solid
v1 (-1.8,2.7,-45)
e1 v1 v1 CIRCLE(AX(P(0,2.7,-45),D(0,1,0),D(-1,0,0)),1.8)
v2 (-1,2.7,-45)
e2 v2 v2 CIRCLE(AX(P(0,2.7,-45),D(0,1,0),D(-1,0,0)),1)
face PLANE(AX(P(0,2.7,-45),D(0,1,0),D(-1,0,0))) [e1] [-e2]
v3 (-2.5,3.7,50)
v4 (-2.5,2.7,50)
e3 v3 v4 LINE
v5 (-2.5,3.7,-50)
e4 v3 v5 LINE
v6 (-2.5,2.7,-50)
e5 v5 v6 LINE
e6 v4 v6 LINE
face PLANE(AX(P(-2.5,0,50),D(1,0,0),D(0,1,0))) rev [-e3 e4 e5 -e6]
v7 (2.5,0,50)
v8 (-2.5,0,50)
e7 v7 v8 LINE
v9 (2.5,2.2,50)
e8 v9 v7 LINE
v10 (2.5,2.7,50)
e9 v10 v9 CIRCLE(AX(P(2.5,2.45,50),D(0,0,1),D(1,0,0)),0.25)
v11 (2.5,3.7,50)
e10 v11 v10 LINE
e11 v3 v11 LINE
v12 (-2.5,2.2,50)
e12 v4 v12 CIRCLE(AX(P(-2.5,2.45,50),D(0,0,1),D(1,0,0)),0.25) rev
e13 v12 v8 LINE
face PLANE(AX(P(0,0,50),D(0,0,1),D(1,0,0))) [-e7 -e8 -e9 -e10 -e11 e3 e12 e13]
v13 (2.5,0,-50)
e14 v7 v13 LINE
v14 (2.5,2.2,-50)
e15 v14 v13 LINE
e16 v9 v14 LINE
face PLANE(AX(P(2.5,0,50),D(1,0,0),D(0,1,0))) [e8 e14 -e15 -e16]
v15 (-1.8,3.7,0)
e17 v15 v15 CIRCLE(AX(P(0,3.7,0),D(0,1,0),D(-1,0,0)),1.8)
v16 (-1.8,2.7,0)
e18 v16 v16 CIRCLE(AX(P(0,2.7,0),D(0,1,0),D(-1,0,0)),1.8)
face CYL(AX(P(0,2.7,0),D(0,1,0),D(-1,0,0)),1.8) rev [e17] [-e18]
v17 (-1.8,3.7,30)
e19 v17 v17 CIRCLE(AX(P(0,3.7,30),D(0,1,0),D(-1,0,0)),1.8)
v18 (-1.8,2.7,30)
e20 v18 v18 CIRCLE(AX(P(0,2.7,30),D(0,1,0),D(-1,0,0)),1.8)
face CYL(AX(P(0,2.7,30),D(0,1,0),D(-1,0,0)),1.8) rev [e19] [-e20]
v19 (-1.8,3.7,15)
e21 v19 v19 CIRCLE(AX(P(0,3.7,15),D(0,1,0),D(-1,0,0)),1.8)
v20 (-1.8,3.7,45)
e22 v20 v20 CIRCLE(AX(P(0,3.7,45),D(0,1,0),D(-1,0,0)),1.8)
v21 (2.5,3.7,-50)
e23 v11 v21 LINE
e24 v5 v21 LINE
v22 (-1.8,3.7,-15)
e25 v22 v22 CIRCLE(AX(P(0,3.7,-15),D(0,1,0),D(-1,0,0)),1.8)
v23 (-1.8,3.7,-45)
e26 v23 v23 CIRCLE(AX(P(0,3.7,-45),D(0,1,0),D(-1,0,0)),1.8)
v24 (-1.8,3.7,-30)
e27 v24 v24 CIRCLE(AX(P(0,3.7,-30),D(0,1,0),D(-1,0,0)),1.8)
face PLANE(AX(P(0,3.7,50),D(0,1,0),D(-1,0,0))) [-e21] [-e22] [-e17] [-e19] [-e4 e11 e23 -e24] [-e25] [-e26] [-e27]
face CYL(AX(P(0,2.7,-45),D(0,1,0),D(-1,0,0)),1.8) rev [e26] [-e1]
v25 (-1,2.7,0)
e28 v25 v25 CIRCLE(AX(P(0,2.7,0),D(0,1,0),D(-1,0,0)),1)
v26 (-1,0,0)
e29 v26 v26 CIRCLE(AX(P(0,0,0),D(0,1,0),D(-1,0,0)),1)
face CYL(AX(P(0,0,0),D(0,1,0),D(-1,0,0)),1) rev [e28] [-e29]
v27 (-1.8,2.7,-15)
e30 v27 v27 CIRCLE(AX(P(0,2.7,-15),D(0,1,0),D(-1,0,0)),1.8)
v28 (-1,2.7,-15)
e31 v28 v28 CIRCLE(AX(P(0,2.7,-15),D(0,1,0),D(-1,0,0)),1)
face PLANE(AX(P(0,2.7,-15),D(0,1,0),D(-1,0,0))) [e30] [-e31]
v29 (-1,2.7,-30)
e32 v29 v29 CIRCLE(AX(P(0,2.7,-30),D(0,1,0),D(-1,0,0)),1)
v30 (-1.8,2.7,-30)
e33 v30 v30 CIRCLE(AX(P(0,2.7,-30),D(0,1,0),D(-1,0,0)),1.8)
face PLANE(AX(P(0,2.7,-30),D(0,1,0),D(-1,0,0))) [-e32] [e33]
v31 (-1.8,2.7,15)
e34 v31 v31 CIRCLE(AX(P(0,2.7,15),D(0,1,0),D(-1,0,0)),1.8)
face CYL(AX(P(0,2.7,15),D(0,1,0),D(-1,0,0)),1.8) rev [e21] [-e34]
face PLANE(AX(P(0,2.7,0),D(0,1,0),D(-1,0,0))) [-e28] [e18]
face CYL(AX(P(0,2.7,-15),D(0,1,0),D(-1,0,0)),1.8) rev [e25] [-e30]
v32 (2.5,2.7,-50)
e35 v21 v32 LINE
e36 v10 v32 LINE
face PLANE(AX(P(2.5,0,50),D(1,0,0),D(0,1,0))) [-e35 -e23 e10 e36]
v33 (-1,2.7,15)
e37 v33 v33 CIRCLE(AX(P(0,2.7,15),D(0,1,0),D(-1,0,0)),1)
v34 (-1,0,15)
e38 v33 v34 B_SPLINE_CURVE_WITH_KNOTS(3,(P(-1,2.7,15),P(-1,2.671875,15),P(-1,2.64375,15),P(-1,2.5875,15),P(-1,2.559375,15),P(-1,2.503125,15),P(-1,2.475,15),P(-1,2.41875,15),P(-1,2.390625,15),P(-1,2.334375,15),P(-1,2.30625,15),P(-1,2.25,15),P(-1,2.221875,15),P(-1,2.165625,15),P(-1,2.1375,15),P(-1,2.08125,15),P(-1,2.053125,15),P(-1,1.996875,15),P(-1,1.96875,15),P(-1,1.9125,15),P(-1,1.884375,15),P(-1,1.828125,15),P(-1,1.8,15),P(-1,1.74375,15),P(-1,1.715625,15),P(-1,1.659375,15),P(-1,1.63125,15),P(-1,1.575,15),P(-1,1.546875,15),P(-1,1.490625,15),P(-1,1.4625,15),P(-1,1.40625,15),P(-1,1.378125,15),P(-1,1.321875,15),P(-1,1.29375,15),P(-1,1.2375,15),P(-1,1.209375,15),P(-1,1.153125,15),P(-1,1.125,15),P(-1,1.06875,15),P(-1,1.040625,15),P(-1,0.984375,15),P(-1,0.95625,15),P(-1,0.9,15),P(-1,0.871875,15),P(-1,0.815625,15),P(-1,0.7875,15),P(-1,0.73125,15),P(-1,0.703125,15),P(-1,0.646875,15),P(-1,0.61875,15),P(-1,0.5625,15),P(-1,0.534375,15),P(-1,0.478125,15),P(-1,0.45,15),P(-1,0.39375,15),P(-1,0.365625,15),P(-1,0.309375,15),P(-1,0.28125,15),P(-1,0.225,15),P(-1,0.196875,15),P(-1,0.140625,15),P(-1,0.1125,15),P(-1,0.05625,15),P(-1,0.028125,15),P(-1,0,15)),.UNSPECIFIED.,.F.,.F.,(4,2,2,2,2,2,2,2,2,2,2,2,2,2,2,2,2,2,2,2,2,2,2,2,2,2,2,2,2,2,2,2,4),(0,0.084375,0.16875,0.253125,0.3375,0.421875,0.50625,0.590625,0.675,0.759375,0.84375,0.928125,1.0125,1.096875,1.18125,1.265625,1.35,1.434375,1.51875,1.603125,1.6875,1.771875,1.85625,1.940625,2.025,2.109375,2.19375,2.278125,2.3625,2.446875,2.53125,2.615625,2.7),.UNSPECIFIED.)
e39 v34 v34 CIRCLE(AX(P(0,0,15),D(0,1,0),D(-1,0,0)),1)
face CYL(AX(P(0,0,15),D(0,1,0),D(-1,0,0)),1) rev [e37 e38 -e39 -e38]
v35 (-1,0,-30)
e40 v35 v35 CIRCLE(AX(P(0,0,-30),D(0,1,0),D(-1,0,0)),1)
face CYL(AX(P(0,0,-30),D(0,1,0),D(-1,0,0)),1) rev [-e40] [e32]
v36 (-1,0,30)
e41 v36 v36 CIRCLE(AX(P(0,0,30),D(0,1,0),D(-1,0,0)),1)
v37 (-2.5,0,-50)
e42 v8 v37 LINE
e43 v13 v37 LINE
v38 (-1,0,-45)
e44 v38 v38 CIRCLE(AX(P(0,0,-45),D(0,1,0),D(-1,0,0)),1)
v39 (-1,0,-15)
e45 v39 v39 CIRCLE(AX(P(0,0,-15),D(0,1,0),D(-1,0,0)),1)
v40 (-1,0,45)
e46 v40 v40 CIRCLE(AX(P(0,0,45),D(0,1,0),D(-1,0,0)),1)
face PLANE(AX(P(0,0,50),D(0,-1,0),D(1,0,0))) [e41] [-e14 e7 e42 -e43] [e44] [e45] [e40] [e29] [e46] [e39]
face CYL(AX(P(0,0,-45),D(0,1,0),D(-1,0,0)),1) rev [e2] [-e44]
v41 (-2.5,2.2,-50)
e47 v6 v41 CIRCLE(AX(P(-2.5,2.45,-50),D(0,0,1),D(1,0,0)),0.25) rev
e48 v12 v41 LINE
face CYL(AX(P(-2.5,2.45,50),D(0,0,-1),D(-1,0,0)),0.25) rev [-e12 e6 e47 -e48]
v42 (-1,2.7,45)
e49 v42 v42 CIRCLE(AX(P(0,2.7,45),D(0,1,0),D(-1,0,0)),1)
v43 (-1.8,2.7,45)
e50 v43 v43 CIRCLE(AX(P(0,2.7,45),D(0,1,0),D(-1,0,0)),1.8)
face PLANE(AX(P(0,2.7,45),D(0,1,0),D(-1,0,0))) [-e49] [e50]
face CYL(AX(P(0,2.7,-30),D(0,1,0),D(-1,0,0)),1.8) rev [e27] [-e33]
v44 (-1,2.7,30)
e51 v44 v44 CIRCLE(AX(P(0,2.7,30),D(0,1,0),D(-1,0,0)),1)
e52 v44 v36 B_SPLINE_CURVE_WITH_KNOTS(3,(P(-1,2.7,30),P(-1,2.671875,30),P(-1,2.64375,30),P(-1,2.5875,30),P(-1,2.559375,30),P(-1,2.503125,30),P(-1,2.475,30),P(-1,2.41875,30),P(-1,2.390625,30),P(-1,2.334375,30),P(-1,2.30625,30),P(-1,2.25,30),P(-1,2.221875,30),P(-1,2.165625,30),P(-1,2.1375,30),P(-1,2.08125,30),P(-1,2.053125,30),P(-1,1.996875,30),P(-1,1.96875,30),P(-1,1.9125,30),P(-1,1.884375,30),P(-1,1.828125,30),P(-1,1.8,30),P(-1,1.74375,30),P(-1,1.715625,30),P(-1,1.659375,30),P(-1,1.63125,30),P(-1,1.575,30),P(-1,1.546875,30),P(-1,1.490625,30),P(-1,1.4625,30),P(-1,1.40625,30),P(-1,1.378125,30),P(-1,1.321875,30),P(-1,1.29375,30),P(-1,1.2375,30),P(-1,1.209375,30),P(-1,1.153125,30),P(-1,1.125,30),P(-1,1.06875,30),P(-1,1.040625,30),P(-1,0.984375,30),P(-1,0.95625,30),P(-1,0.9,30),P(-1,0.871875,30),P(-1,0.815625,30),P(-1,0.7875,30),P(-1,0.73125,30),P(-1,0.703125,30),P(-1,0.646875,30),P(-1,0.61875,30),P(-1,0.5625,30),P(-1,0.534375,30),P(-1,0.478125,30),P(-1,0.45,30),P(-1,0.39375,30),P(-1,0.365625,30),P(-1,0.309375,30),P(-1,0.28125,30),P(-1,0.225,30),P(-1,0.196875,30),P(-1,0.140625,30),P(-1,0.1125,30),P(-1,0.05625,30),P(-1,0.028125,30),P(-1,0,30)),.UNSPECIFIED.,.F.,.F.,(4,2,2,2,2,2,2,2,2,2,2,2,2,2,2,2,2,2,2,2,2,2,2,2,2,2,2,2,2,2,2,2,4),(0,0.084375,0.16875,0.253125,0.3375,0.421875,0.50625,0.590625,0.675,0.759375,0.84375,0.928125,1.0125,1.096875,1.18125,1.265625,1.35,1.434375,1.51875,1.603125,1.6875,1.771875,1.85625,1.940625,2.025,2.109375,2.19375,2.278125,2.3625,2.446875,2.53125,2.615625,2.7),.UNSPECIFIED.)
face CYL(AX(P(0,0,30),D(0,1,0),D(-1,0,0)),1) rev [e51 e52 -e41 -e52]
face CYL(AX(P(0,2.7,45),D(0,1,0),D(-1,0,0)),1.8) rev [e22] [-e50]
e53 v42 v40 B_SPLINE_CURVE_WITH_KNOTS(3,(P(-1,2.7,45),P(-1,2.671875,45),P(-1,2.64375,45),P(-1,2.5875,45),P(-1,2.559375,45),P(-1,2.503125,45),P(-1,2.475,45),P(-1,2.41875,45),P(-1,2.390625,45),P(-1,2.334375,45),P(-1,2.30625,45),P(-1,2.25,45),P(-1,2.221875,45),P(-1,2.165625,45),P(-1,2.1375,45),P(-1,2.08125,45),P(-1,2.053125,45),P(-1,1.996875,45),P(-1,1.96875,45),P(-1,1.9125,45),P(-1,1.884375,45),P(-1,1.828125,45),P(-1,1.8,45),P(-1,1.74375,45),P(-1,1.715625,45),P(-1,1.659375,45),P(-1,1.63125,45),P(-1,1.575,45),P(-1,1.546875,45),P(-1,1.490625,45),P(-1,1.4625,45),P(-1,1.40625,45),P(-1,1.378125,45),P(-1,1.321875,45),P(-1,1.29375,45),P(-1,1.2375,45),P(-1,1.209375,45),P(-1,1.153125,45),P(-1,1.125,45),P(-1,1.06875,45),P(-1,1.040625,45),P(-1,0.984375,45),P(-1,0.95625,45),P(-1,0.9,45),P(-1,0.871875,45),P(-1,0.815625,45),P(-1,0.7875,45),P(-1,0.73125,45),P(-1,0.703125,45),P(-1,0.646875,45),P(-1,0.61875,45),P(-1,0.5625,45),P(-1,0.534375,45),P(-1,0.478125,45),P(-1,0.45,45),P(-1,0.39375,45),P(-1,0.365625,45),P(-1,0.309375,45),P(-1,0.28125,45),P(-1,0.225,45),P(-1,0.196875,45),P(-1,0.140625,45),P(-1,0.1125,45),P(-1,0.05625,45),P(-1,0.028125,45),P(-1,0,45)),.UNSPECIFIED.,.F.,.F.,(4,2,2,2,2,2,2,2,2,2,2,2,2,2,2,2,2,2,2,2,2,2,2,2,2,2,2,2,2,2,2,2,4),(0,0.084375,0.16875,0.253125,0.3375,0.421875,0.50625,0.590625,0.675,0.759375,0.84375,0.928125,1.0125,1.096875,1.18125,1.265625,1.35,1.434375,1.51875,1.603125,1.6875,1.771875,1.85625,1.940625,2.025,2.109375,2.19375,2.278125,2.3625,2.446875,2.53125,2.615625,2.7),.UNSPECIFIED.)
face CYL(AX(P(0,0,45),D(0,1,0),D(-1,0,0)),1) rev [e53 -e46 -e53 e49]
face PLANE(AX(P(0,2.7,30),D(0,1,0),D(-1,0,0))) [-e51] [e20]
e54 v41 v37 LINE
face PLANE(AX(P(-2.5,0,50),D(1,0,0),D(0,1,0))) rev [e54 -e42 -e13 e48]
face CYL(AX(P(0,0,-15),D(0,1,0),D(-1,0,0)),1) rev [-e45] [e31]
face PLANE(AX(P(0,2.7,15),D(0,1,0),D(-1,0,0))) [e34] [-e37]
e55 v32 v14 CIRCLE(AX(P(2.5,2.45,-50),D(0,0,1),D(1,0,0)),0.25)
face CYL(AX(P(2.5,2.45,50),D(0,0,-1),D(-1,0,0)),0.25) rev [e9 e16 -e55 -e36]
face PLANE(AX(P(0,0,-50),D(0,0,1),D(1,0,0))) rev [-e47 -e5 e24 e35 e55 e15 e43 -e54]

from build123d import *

# Parameters (mm, degrees)
BOSS_EXTRUDE1_DEPTH = 50
SKETCH2_R           = 1.8
CUT_EXTRUDE1_DEPTH  = 1
SKETCH3_R           = 1
CUT_EXTRUDE3_DEPTH  = 51.199003974
LPATTERN1_COUNT     = 7
LPATTERN1_PITCH     = 15
LPATTERN2_COUNT     = 7
LPATTERN2_PITCH     = 15


with BuildPart() as part:
    # Sketch1 → Boss-Extrude1 (new, symmetric)
    with BuildSketch(Plane.XY):
        with BuildLine():
            Line((-2.5, 3.7), (2.5, 3.7))
            Line((2.5, 3.7), (2.5, 2.7))
            ThreePointArc((2.5, 2.7), (2.25, 2.45), (2.5, 2.2))
            Line((2.5, 2.2), (2.5, 0))
            Line((2.5, 0), (-2.5, 0))
            Line((-2.5, 0), (-2.5, 2.2))
            ThreePointArc((-2.5, 2.2), (-2.25, 2.45), (-2.5, 2.7))
            Line((-2.5, 2.7), (-2.5, 3.7))
        make_face()
    extrude(amount=BOSS_EXTRUDE1_DEPTH, both=True)

    # Sketch2 → Cut-Extrude1 (cut)
    with BuildSketch(Plane(origin=(0, 3.7, 0), x_dir=(1, 0, 0), z_dir=(0, 1, 0))):
        with Locations(Location((0, 0, 0), (0, 0, 180))):
            Circle(SKETCH2_R)
    cut_extrude1 = extrude(amount=-CUT_EXTRUDE1_DEPTH, mode=Mode.SUBTRACT)

    # Sketch3 → Cut-Extrude3 (cut, through all)
    with BuildSketch(Plane(origin=(0, 3.7, 0), x_dir=(1, 0, 0), z_dir=(0, 1, 0))):
        with Locations(Location((0, 0, 0), (0, 0, 180))):
            Circle(SKETCH3_R)
    cut_extrude3 = extrude(amount=-CUT_EXTRUDE3_DEPTH, mode=Mode.SUBTRACT)

    # LPattern1: Cut-Extrude1, Cut-Extrude3 ×7
    with Locations(*[(0, 0, -i * LPATTERN1_PITCH) for i in range(1, LPATTERN1_COUNT)]):
        add(cut_extrude1, mode=Mode.SUBTRACT)
        add(cut_extrude3, mode=Mode.SUBTRACT)

    # LPattern2: Cut-Extrude1, Cut-Extrude3 ×7
    with Locations(*[(0, 0, i * LPATTERN2_PITCH) for i in range(1, LPATTERN2_COUNT)]):
        add(cut_extrude1, mode=Mode.SUBTRACT)
        add(cut_extrude3, mode=Mode.SUBTRACT)


solid = part.part
